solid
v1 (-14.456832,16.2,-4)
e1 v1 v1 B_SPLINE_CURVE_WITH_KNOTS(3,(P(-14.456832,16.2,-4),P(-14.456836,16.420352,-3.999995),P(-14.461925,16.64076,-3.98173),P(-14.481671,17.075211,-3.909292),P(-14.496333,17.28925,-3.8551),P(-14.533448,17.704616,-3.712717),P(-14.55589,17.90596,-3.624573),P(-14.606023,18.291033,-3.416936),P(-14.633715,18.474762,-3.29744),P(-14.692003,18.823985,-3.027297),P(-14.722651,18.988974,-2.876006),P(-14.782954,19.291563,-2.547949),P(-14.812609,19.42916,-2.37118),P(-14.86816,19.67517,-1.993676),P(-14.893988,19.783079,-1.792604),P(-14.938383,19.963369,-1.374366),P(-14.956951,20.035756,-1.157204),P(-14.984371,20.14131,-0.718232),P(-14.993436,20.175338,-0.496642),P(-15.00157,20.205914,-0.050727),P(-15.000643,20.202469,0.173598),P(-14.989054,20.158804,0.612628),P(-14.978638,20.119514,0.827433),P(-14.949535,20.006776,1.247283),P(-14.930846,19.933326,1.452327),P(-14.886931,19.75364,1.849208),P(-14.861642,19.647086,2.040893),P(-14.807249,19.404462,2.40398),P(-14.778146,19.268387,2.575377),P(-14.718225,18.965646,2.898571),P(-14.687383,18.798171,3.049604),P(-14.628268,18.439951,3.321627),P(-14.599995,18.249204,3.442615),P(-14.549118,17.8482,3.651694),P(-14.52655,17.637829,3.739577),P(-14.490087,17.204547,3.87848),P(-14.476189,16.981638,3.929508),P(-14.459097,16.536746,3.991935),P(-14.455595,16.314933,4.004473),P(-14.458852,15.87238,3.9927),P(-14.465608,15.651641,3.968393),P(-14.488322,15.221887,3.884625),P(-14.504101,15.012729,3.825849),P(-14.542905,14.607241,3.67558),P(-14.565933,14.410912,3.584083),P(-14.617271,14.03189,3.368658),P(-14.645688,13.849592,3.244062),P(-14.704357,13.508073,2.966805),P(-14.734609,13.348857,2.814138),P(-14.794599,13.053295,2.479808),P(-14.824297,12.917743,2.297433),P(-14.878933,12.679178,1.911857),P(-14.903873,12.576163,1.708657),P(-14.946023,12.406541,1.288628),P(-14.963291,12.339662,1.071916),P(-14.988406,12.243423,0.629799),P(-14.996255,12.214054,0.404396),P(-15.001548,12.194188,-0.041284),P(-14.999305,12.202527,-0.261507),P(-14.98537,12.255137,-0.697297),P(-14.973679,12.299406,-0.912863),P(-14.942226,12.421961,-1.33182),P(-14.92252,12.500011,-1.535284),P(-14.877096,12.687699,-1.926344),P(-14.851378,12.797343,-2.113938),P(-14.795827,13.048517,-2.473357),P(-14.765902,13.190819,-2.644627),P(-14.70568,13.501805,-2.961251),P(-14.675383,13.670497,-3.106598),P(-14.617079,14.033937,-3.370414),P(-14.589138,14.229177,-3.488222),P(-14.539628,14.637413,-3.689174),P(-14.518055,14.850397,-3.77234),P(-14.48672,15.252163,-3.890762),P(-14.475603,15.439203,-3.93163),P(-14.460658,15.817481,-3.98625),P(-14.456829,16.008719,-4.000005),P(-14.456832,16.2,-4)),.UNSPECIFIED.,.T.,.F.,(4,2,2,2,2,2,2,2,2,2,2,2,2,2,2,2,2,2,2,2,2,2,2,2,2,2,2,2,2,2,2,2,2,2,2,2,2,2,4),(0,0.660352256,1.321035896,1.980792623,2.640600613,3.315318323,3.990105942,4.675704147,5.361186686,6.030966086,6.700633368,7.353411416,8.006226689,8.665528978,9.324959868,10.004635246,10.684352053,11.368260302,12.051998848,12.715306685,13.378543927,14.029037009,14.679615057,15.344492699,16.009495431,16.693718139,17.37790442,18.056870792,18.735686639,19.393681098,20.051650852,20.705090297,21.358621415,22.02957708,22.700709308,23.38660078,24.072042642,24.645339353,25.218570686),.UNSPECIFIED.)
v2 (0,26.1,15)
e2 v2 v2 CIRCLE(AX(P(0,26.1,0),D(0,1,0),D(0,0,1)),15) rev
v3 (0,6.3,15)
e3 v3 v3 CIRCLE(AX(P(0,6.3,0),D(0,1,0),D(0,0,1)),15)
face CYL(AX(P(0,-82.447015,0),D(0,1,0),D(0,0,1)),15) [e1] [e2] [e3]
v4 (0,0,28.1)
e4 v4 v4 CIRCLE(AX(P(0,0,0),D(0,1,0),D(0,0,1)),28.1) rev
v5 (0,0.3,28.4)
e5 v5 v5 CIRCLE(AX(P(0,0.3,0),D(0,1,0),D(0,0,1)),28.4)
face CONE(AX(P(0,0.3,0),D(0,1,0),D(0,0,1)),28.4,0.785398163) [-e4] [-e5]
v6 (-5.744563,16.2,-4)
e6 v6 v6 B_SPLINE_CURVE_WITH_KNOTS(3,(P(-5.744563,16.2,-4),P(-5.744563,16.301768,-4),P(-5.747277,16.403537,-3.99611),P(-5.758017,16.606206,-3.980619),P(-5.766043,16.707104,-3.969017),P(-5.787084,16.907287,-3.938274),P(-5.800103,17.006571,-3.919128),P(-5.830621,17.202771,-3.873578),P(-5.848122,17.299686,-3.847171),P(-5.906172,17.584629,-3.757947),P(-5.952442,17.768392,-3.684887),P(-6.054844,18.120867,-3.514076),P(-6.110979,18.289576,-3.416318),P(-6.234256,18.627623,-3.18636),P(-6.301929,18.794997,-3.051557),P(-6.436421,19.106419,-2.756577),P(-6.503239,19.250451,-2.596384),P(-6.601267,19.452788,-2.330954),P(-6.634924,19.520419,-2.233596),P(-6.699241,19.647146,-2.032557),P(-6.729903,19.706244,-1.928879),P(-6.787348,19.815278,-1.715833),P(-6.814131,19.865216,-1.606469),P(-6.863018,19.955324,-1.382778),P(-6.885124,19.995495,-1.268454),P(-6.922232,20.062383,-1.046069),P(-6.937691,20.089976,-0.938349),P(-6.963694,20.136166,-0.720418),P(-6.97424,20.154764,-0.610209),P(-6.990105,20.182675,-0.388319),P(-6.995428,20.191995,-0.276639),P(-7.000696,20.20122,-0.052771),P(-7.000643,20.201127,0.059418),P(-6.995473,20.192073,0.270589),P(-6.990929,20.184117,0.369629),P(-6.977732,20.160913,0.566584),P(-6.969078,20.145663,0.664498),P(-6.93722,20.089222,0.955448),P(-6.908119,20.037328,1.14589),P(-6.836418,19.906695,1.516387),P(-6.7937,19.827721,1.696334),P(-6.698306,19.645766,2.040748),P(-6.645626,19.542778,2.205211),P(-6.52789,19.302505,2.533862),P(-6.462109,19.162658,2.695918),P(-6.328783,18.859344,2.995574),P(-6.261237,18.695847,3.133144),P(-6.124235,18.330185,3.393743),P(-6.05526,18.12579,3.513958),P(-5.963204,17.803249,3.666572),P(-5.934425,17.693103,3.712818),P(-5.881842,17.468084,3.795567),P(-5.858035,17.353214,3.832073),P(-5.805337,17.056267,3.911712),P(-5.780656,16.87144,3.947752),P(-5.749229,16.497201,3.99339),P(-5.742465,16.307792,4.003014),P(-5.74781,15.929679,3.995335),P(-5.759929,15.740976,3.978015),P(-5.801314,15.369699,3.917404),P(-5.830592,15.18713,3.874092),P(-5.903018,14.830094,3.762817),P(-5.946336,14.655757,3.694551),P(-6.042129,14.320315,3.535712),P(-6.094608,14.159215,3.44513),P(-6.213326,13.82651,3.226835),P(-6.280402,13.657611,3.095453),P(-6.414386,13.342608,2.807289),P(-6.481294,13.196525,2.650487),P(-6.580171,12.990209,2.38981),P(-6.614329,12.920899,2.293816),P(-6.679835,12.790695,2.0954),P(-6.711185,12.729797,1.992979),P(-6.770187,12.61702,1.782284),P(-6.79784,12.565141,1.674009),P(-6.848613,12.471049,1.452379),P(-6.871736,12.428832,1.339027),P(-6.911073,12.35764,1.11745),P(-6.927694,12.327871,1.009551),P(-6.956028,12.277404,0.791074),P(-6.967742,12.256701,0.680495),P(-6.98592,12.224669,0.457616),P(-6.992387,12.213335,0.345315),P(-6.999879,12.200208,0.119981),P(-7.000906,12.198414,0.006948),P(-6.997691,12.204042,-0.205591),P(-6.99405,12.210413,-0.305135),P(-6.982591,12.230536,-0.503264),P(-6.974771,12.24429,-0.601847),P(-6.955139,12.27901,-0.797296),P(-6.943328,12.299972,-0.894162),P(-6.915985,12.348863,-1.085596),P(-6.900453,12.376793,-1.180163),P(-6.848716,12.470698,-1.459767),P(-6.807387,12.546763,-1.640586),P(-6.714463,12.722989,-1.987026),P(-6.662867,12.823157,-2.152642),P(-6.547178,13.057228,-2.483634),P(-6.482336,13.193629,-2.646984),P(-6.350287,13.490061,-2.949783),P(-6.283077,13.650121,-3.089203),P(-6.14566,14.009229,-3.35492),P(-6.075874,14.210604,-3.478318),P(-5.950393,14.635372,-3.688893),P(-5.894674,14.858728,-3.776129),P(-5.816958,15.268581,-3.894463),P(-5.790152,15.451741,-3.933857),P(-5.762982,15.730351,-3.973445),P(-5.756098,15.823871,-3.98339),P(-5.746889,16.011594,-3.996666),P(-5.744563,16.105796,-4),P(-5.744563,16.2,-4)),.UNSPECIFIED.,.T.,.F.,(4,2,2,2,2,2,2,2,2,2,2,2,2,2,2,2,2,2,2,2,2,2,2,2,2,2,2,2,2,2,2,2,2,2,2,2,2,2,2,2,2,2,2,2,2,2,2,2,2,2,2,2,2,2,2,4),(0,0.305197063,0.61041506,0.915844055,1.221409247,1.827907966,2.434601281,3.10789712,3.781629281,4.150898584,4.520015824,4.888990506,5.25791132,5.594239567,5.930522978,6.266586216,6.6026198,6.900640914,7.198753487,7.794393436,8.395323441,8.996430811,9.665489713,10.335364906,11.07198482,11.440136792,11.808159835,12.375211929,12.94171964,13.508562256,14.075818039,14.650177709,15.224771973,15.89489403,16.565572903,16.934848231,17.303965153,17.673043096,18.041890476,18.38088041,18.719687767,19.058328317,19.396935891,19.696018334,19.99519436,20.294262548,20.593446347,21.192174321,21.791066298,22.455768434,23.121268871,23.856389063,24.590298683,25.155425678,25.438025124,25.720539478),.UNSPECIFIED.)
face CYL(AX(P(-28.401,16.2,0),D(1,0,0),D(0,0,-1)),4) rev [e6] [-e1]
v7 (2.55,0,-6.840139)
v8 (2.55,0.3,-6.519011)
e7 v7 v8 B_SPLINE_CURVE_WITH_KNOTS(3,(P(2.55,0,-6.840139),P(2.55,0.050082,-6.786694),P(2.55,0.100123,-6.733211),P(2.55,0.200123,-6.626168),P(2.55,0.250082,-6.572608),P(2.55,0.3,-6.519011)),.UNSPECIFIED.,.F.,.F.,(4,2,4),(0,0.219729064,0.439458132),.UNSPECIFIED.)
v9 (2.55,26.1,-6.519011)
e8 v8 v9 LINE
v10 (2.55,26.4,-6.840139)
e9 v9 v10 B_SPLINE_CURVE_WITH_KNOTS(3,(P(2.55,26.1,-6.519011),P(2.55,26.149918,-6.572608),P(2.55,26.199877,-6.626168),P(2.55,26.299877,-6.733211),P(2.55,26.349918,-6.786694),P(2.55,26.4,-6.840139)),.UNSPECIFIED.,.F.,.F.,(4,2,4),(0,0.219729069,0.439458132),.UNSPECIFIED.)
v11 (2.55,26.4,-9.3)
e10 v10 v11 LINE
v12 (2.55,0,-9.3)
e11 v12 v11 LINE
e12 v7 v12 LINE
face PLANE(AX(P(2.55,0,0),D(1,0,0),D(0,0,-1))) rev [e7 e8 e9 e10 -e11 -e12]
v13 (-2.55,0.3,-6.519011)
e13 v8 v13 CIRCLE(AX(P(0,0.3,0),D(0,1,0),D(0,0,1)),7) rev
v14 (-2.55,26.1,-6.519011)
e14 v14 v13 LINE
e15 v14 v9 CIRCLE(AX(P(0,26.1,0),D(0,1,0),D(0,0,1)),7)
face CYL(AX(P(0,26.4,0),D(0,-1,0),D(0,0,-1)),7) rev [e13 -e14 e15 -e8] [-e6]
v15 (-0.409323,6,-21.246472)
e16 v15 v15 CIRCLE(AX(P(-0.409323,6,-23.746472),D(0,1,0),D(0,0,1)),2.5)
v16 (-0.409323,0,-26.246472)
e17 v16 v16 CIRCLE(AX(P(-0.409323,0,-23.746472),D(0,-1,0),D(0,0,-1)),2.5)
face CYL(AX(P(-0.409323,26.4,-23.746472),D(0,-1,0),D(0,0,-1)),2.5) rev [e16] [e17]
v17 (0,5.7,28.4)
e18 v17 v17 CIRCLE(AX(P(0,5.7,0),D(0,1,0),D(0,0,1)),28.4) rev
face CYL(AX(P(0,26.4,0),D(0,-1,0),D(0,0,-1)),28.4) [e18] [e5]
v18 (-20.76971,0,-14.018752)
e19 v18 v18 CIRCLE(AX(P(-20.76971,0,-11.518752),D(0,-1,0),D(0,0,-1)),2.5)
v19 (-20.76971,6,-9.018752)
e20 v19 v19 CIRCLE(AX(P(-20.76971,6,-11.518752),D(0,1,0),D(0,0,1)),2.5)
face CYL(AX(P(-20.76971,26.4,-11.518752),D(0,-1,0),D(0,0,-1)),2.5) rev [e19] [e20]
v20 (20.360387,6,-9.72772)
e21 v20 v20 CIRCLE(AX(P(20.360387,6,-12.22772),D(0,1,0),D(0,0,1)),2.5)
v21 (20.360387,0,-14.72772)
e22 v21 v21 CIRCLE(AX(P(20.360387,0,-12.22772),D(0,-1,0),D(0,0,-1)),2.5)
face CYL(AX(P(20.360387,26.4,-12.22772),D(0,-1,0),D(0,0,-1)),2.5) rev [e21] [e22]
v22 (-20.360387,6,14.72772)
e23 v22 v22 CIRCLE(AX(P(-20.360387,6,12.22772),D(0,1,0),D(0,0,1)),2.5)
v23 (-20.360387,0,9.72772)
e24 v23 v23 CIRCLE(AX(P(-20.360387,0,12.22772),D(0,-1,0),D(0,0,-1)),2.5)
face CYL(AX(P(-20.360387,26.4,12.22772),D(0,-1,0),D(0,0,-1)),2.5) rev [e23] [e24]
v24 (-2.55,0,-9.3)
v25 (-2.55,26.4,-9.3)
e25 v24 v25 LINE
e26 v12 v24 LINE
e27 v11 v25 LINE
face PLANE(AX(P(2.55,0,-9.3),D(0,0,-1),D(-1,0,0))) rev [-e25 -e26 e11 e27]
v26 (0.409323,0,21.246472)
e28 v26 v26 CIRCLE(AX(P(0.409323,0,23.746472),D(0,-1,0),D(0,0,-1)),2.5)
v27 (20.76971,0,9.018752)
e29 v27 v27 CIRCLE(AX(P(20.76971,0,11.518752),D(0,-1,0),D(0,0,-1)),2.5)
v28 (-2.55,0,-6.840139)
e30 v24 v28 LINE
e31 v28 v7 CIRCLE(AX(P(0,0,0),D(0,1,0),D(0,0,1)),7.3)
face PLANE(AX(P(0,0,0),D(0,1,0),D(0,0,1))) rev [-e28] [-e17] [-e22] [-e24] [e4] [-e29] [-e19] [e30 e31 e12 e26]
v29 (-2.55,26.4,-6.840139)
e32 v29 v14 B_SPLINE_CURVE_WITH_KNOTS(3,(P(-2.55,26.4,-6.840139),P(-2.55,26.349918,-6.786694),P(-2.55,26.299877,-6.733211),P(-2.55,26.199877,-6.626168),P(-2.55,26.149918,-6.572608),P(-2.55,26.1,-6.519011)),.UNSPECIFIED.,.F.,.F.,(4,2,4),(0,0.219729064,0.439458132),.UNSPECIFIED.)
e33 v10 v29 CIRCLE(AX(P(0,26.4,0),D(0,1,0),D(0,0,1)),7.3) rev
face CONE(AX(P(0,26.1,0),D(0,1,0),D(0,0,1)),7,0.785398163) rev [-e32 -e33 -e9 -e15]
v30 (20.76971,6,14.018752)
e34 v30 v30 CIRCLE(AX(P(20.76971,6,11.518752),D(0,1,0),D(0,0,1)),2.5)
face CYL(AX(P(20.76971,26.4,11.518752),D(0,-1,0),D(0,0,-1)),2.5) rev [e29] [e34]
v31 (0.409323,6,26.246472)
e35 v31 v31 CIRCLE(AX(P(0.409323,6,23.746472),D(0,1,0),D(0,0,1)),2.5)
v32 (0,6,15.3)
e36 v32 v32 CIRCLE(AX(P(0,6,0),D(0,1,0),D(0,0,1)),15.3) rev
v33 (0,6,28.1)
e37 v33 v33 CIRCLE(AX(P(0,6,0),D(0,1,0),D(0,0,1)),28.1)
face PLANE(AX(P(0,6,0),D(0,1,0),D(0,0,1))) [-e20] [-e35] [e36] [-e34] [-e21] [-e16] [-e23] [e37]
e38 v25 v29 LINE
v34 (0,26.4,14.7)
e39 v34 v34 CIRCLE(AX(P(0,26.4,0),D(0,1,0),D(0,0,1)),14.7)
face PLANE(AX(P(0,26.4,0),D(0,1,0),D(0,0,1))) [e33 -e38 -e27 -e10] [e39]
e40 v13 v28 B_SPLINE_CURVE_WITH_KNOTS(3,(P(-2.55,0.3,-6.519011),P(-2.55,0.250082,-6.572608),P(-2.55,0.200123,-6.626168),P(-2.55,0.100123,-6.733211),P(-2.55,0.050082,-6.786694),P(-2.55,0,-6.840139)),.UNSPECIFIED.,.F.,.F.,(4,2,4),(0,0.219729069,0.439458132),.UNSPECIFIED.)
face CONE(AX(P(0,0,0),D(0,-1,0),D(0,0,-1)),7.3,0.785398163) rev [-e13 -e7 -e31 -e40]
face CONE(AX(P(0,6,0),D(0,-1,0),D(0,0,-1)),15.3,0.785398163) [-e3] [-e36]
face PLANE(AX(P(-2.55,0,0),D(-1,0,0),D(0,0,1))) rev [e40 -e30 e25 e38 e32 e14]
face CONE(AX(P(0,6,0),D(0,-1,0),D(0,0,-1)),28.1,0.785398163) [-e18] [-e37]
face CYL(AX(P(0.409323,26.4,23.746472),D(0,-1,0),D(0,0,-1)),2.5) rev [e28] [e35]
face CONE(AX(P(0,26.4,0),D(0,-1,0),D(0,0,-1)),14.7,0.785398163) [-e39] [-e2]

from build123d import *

# Parameters (mm, degrees)
ESQUISSE1_R             = 28.4
ESQUISSE1_R_2           = 7
BOSS_EXTRU_1_DEPTH      = 26.4
ESQUISSE2_OUTSIDE_W     = 75.71
ESQUISSE2_OUTSIDE_H     = 75.71
ESQUISSE2_OUTSIDE_R     = 15
ENL_V_MAT_EXTRU_1_DEPTH = 20.4
ESQUISSE3_R             = 2.5
ENL_V_MAT_EXTRU_2_DEPTH = 27.4
ENL_V_MAT_EXTRU_3_REACH = 30.4
ESQUISSE4_R             = 4
ESQUISSE5_W             = 5.1
ESQUISSE5_H             = 9.3
ENL_V_MAT_EXTRU_4_DEPTH = 27.4000001
CHANFREIN1_SIZE         = 0.3


with BuildPart() as part:
    # Esquisse1 → Boss.-Extru.1 (new body)
    with BuildSketch(Plane(origin=(0, 0, 0), x_dir=(1, 0, 0), z_dir=(0, 1, 0))):
        Circle(ESQUISSE1_R)
        Circle(ESQUISSE1_R_2, mode=Mode.SUBTRACT)
    extrude(amount=BOSS_EXTRU_1_DEPTH)

    # Esquisse2 outside → Enlèv. mat.-Extru.1 (cut)
    with BuildSketch(Plane(origin=(0, 26.4, 0), x_dir=(1, 0, 0), z_dir=(0, 1, 0))):
        Rectangle(ESQUISSE2_OUTSIDE_W, ESQUISSE2_OUTSIDE_H)
        Circle(ESQUISSE2_OUTSIDE_R, mode=Mode.SUBTRACT)
    extrude(amount=-ENL_V_MAT_EXTRU_1_DEPTH, mode=Mode.SUBTRACT)

    # Esquisse3 → Enlèv. mat.-Extru.2 (cut, through all)
    with BuildSketch(Plane.XZ):
        with Locations((0.409323167, 23.746472465)):
            Circle(ESQUISSE3_R)
        with Locations((20.769709989, 11.518751972)):
            Circle(ESQUISSE3_R)
        with Locations((20.360386822, -12.227720494)):
            Circle(ESQUISSE3_R)
        with Locations((-0.409323167, -23.746472465)):
            Circle(ESQUISSE3_R)
        with Locations((-20.769709989, -11.518751972)):
            Circle(ESQUISSE3_R)
        with Locations((-20.360386822, 12.227720494)):
            Circle(ESQUISSE3_R)
    extrude(amount=-ENL_V_MAT_EXTRU_2_DEPTH, mode=Mode.SUBTRACT)

    # Esquisse4 → Enlèv. mat.-Extru.3 (cut, up to next)
    with BuildSketch(Plane(origin=(0, 0, 0), x_dir=(0, 0, -1), z_dir=(1, 0, 0)), mode=Mode.PRIVATE) as enl_v_mat_extru_3_sk1:
        with Locations((0, 16.2)):
            Circle(ESQUISSE4_R)
    enl_v_mat_extru_3_tool1 = extrude(enl_v_mat_extru_3_sk1.sketch, amount=-ENL_V_MAT_EXTRU_3_REACH, mode=Mode.PRIVATE) & part.part
    add(enl_v_mat_extru_3_tool1.solids().sort_by_distance((0, 16.2, 0))[0], mode=Mode.SUBTRACT)

    # Esquisse5 → Enlèv. mat.-Extru.4 (cut, through all)
    with BuildSketch(Plane(origin=(0, 26.4, 0), x_dir=(1, 0, 0), z_dir=(0, 1, 0))):
        with Locations((0, 4.65)):
            Rectangle(ESQUISSE5_W, ESQUISSE5_H)
    extrude(amount=-ENL_V_MAT_EXTRU_4_DEPTH, mode=Mode.SUBTRACT)

    # Chanfrein1
    chanfrein1_edges = [part.edges().sort_by_distance(p)[0] for p in [
        (-15, 6, 0),
        (-15, 26.4, 0),
        (-28.4, 6, 0),
        (-28.4, 0, 0),
        (0, 26.4, 7),
        (0, 0, 7),
    ]]
    chamfer(chanfrein1_edges, length=CHANFREIN1_SIZE)


solid = part.part
